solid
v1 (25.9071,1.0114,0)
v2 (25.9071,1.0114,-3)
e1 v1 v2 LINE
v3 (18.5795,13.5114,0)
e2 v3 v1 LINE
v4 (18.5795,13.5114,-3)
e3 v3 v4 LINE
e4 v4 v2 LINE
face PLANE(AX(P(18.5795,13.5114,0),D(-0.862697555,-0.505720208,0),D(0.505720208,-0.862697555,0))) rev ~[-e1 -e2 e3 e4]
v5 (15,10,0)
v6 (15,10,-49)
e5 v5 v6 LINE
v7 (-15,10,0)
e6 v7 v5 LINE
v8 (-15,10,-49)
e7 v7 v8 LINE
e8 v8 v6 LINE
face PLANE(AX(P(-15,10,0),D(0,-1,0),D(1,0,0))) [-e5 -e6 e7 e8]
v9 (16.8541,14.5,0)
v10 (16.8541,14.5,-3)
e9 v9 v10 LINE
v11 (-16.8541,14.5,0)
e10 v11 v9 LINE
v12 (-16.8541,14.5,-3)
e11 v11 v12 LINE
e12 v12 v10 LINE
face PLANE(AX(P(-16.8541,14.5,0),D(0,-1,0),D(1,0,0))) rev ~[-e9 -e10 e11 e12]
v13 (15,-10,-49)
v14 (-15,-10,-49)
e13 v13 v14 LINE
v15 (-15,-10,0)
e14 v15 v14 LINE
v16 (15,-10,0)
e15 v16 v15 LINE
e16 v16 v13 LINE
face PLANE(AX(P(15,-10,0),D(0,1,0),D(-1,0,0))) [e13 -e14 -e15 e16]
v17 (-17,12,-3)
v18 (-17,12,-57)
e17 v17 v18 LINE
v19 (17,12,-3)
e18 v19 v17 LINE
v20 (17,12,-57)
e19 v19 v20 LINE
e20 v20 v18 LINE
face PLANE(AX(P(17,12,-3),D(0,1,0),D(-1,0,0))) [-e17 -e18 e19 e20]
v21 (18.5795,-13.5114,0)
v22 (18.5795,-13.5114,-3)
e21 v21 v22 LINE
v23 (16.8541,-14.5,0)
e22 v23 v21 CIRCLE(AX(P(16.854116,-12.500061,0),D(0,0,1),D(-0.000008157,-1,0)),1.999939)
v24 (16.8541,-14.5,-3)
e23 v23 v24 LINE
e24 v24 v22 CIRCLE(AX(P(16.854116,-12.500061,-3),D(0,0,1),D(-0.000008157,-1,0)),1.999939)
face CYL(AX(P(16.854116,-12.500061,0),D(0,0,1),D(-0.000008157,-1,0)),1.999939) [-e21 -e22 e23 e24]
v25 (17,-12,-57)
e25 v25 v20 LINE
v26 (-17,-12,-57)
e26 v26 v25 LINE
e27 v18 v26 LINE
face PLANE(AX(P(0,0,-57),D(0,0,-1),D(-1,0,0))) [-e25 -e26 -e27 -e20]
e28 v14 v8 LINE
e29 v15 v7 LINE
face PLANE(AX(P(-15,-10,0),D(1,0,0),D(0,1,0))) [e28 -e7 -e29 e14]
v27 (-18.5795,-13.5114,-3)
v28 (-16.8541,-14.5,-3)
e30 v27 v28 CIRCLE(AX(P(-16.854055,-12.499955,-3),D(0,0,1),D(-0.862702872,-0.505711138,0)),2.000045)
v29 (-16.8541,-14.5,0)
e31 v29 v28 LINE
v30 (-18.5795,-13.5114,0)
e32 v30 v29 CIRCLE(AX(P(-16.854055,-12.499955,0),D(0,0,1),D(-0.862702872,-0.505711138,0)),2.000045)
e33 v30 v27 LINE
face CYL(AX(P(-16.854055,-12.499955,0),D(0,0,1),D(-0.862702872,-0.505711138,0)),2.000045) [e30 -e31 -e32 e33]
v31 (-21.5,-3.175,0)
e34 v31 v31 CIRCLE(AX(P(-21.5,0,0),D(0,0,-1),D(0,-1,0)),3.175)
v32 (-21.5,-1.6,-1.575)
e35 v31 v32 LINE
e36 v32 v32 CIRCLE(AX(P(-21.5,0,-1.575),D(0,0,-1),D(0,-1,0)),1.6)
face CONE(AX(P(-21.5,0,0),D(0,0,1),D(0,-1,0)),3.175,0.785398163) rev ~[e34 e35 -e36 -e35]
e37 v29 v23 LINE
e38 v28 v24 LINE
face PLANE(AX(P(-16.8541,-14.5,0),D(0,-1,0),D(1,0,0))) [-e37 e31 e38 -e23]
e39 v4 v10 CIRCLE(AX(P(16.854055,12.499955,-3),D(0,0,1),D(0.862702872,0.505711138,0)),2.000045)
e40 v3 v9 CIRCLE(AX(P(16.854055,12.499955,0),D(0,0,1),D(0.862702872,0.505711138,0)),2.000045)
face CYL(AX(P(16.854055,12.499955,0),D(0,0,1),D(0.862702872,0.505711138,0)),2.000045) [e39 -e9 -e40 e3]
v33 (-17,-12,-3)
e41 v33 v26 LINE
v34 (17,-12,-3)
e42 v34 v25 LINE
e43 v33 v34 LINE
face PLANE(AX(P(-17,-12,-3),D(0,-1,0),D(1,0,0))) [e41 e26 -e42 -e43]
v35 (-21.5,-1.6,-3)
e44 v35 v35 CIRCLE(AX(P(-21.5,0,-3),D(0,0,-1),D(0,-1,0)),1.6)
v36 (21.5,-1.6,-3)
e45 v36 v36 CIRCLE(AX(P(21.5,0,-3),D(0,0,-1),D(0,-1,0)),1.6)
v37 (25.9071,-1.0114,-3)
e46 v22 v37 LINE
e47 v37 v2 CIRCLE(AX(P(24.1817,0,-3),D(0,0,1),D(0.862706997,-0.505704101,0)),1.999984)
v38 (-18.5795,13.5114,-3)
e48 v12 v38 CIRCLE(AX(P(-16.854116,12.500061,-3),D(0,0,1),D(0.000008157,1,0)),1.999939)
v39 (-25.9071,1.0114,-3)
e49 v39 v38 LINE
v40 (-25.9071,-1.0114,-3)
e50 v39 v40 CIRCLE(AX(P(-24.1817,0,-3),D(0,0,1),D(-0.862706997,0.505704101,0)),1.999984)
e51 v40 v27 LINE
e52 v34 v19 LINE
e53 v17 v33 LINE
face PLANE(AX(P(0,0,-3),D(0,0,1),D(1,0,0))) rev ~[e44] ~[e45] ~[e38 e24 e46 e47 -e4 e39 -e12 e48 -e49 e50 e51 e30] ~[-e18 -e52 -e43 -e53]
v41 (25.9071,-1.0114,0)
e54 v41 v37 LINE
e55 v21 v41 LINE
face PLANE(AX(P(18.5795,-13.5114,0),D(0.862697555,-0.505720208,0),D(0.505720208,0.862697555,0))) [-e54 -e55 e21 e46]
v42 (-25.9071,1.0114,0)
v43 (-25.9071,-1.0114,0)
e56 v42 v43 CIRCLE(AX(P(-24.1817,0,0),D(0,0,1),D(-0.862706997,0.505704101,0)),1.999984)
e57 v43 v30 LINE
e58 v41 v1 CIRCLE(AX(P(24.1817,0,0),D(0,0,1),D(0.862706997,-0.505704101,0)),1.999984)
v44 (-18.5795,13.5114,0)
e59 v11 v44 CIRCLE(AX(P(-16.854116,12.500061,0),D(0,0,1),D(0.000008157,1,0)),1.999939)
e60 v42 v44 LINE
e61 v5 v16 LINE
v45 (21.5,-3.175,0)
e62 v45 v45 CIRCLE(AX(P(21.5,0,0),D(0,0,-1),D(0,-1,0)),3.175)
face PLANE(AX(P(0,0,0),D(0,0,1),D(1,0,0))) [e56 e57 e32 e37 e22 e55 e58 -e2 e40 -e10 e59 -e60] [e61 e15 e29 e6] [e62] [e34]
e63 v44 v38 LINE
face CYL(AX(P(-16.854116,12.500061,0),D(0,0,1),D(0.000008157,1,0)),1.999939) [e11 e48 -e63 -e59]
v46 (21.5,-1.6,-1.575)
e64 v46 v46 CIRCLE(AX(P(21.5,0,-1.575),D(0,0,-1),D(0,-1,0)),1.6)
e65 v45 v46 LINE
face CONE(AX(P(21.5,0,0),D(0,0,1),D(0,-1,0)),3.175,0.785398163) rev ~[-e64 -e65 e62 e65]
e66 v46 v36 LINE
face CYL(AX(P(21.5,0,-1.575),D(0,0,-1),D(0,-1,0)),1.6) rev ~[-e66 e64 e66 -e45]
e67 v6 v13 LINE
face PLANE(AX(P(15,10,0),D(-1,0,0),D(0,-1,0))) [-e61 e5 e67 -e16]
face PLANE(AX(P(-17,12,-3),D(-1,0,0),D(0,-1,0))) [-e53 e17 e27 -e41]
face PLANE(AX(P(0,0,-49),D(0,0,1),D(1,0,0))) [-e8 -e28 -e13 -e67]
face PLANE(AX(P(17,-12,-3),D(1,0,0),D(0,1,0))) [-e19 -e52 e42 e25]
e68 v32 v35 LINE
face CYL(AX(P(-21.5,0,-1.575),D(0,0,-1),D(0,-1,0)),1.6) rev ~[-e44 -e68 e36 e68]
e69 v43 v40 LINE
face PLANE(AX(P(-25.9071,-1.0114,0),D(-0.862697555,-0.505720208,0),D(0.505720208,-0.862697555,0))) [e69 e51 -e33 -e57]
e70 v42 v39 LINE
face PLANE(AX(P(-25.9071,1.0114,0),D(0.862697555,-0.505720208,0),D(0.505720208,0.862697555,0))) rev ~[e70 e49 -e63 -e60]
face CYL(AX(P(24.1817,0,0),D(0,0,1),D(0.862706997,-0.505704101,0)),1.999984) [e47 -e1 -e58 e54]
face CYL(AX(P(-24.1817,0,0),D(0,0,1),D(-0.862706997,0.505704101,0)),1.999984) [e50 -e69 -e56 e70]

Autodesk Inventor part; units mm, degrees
ref_plane "YZ Plane" through (0, 0, 0) normal (1, 0, 0) x (0, 1, 0)
ref_plane "XZ Plane" through (0, 0, 0) normal (0, 1, 0) x (-1, 0, 0)
ref_plane "XY Plane" through (0, 0, 0) normal (0, 0, 1) x (1, 0, 0)
sketch "Sketch1" plane through (0, 0, 0) normal (0, 0, 1) x (1, 0, 0)
  line L0 (-25.9071, 1.0114) -> (-18.5795, 13.5114)
  line L1 (-16.8541, 14.5) -> (16.8541, 14.5)
  line L2 (18.5795, 13.5114) -> (25.9071, 1.0114)
  arc A0 (-16.8541, 14.5) -> (-18.5795, 13.5114) centre (-16.8541, 12.5) ccw
  arc A1 (18.5795, 13.5114) -> (16.8541, 14.5) centre (16.8541, 12.5) ccw
  line L3 (-28.1394, 0) -> (29.237, 0) construction
  line L4 (-25.9071, -1.0114) -> (-18.5795, -13.5114)
  line L5 (-16.8541, -14.5) -> (16.8541, -14.5)
  line L6 (18.5795, -13.5114) -> (25.9071, -1.0114)
  arc A2 (-18.5795, -13.5114) -> (-16.8541, -14.5) centre (-16.8541, -12.5) ccw
  arc A3 (16.8541, -14.5) -> (18.5795, -13.5114) centre (16.8541, -12.5) ccw
  arc A4 (-25.9071, 1.0114) -> (-25.9071, -1.0114) centre (-24.1817, 0) ccw
  arc A5 (25.9071, -1.0114) -> (25.9071, 1.0114) centre (24.1817, 0) ccw
  point P0 (0, 0)
  point P1 (-26.5, 0)
  point P2 (-18, 14.5)
  point P3 (18, 14.5)
  point P4 (26.5, 0)
  point P5 (-18, -14.5)
  point P6 (18, -14.5)
  dimension "d0" = 53
  dimension "d1" = 26.5
  dimension "d2" = 14.5
  dimension "d3" = 36
  dimension "d4" = 18
  dimension "d5" = 2
  dimension "d6" = 2
extrude "Extrusion1" add sketch "Sketch1" against normal blind 3
sketch "Sketch2" plane through (0, 0, 0) normal (0, 0, 1) x (1, 0, 0)
  point P0 (0, 0)
  point P1 (-21.5, 0)
  point P2 (21.5, 0)
  dimension "d9" = 43
  dimension "d10" = 21.5
hole "Hole1" at (-21.5, 0, 0) at (21.5, 0, 0) direction (0, 0, -1) diameter 3.2 end through all countersink diameter 6.35 countersink angle 90 clearance for "Flat Head Machine Screw" size "M3" standard "Ansi Metric M Profile"
sketch "Sketch3" plane through (0, 0, -3) normal (0, 0, -1) x (-1, 0, 0)
  line L0 (-17, 12) -> (17, 12)
  line L1 (17, 12) -> (17, -12)
  line L2 (17, -12) -> (-17, -12)
  line L3 (-17, -12) -> (-17, 12)
  point P0 (0, 0)
  dimension "d18" = 24
  dimension "d19" = 34
  dimension "d20" = 17
  dimension "d21" = 12
extrude "Extrusion2" add sketch "Sketch3" along normal blind 54
sketch "Sketch4" plane through (0, 0, 0) normal (0, 0, 1) x (1, 0, 0)
  line L0 (-15, 10) -> (15, 10)
  line L1 (15, 10) -> (15, -10)
  line L2 (15, -10) -> (-15, -10)
  line L3 (-15, -10) -> (-15, 10)
  point P0 (0, 0)
  dimension "d24" = 30
  dimension "d25" = 20
  dimension "d26" = 15
  dimension "d27" = 10
extrude "Extrusion3" cut sketch "Sketch4" against normal blind 49
equation "\"d1\" = 0.5 * d0"
equation "\"d4\" = 0.5 * d3"
equation "\"d10\" = 0.5 * d9"
equation "\"d20\" = 0.5 * d19"
equation "\"d21\" = 0.5 * d18"
equation "\"d26\" = 0.5 * d24"
equation "\"d27\" = 0.5 * d25"
properties part number "BatteryHolder_DigiKEY" material "ABS Plastic"
